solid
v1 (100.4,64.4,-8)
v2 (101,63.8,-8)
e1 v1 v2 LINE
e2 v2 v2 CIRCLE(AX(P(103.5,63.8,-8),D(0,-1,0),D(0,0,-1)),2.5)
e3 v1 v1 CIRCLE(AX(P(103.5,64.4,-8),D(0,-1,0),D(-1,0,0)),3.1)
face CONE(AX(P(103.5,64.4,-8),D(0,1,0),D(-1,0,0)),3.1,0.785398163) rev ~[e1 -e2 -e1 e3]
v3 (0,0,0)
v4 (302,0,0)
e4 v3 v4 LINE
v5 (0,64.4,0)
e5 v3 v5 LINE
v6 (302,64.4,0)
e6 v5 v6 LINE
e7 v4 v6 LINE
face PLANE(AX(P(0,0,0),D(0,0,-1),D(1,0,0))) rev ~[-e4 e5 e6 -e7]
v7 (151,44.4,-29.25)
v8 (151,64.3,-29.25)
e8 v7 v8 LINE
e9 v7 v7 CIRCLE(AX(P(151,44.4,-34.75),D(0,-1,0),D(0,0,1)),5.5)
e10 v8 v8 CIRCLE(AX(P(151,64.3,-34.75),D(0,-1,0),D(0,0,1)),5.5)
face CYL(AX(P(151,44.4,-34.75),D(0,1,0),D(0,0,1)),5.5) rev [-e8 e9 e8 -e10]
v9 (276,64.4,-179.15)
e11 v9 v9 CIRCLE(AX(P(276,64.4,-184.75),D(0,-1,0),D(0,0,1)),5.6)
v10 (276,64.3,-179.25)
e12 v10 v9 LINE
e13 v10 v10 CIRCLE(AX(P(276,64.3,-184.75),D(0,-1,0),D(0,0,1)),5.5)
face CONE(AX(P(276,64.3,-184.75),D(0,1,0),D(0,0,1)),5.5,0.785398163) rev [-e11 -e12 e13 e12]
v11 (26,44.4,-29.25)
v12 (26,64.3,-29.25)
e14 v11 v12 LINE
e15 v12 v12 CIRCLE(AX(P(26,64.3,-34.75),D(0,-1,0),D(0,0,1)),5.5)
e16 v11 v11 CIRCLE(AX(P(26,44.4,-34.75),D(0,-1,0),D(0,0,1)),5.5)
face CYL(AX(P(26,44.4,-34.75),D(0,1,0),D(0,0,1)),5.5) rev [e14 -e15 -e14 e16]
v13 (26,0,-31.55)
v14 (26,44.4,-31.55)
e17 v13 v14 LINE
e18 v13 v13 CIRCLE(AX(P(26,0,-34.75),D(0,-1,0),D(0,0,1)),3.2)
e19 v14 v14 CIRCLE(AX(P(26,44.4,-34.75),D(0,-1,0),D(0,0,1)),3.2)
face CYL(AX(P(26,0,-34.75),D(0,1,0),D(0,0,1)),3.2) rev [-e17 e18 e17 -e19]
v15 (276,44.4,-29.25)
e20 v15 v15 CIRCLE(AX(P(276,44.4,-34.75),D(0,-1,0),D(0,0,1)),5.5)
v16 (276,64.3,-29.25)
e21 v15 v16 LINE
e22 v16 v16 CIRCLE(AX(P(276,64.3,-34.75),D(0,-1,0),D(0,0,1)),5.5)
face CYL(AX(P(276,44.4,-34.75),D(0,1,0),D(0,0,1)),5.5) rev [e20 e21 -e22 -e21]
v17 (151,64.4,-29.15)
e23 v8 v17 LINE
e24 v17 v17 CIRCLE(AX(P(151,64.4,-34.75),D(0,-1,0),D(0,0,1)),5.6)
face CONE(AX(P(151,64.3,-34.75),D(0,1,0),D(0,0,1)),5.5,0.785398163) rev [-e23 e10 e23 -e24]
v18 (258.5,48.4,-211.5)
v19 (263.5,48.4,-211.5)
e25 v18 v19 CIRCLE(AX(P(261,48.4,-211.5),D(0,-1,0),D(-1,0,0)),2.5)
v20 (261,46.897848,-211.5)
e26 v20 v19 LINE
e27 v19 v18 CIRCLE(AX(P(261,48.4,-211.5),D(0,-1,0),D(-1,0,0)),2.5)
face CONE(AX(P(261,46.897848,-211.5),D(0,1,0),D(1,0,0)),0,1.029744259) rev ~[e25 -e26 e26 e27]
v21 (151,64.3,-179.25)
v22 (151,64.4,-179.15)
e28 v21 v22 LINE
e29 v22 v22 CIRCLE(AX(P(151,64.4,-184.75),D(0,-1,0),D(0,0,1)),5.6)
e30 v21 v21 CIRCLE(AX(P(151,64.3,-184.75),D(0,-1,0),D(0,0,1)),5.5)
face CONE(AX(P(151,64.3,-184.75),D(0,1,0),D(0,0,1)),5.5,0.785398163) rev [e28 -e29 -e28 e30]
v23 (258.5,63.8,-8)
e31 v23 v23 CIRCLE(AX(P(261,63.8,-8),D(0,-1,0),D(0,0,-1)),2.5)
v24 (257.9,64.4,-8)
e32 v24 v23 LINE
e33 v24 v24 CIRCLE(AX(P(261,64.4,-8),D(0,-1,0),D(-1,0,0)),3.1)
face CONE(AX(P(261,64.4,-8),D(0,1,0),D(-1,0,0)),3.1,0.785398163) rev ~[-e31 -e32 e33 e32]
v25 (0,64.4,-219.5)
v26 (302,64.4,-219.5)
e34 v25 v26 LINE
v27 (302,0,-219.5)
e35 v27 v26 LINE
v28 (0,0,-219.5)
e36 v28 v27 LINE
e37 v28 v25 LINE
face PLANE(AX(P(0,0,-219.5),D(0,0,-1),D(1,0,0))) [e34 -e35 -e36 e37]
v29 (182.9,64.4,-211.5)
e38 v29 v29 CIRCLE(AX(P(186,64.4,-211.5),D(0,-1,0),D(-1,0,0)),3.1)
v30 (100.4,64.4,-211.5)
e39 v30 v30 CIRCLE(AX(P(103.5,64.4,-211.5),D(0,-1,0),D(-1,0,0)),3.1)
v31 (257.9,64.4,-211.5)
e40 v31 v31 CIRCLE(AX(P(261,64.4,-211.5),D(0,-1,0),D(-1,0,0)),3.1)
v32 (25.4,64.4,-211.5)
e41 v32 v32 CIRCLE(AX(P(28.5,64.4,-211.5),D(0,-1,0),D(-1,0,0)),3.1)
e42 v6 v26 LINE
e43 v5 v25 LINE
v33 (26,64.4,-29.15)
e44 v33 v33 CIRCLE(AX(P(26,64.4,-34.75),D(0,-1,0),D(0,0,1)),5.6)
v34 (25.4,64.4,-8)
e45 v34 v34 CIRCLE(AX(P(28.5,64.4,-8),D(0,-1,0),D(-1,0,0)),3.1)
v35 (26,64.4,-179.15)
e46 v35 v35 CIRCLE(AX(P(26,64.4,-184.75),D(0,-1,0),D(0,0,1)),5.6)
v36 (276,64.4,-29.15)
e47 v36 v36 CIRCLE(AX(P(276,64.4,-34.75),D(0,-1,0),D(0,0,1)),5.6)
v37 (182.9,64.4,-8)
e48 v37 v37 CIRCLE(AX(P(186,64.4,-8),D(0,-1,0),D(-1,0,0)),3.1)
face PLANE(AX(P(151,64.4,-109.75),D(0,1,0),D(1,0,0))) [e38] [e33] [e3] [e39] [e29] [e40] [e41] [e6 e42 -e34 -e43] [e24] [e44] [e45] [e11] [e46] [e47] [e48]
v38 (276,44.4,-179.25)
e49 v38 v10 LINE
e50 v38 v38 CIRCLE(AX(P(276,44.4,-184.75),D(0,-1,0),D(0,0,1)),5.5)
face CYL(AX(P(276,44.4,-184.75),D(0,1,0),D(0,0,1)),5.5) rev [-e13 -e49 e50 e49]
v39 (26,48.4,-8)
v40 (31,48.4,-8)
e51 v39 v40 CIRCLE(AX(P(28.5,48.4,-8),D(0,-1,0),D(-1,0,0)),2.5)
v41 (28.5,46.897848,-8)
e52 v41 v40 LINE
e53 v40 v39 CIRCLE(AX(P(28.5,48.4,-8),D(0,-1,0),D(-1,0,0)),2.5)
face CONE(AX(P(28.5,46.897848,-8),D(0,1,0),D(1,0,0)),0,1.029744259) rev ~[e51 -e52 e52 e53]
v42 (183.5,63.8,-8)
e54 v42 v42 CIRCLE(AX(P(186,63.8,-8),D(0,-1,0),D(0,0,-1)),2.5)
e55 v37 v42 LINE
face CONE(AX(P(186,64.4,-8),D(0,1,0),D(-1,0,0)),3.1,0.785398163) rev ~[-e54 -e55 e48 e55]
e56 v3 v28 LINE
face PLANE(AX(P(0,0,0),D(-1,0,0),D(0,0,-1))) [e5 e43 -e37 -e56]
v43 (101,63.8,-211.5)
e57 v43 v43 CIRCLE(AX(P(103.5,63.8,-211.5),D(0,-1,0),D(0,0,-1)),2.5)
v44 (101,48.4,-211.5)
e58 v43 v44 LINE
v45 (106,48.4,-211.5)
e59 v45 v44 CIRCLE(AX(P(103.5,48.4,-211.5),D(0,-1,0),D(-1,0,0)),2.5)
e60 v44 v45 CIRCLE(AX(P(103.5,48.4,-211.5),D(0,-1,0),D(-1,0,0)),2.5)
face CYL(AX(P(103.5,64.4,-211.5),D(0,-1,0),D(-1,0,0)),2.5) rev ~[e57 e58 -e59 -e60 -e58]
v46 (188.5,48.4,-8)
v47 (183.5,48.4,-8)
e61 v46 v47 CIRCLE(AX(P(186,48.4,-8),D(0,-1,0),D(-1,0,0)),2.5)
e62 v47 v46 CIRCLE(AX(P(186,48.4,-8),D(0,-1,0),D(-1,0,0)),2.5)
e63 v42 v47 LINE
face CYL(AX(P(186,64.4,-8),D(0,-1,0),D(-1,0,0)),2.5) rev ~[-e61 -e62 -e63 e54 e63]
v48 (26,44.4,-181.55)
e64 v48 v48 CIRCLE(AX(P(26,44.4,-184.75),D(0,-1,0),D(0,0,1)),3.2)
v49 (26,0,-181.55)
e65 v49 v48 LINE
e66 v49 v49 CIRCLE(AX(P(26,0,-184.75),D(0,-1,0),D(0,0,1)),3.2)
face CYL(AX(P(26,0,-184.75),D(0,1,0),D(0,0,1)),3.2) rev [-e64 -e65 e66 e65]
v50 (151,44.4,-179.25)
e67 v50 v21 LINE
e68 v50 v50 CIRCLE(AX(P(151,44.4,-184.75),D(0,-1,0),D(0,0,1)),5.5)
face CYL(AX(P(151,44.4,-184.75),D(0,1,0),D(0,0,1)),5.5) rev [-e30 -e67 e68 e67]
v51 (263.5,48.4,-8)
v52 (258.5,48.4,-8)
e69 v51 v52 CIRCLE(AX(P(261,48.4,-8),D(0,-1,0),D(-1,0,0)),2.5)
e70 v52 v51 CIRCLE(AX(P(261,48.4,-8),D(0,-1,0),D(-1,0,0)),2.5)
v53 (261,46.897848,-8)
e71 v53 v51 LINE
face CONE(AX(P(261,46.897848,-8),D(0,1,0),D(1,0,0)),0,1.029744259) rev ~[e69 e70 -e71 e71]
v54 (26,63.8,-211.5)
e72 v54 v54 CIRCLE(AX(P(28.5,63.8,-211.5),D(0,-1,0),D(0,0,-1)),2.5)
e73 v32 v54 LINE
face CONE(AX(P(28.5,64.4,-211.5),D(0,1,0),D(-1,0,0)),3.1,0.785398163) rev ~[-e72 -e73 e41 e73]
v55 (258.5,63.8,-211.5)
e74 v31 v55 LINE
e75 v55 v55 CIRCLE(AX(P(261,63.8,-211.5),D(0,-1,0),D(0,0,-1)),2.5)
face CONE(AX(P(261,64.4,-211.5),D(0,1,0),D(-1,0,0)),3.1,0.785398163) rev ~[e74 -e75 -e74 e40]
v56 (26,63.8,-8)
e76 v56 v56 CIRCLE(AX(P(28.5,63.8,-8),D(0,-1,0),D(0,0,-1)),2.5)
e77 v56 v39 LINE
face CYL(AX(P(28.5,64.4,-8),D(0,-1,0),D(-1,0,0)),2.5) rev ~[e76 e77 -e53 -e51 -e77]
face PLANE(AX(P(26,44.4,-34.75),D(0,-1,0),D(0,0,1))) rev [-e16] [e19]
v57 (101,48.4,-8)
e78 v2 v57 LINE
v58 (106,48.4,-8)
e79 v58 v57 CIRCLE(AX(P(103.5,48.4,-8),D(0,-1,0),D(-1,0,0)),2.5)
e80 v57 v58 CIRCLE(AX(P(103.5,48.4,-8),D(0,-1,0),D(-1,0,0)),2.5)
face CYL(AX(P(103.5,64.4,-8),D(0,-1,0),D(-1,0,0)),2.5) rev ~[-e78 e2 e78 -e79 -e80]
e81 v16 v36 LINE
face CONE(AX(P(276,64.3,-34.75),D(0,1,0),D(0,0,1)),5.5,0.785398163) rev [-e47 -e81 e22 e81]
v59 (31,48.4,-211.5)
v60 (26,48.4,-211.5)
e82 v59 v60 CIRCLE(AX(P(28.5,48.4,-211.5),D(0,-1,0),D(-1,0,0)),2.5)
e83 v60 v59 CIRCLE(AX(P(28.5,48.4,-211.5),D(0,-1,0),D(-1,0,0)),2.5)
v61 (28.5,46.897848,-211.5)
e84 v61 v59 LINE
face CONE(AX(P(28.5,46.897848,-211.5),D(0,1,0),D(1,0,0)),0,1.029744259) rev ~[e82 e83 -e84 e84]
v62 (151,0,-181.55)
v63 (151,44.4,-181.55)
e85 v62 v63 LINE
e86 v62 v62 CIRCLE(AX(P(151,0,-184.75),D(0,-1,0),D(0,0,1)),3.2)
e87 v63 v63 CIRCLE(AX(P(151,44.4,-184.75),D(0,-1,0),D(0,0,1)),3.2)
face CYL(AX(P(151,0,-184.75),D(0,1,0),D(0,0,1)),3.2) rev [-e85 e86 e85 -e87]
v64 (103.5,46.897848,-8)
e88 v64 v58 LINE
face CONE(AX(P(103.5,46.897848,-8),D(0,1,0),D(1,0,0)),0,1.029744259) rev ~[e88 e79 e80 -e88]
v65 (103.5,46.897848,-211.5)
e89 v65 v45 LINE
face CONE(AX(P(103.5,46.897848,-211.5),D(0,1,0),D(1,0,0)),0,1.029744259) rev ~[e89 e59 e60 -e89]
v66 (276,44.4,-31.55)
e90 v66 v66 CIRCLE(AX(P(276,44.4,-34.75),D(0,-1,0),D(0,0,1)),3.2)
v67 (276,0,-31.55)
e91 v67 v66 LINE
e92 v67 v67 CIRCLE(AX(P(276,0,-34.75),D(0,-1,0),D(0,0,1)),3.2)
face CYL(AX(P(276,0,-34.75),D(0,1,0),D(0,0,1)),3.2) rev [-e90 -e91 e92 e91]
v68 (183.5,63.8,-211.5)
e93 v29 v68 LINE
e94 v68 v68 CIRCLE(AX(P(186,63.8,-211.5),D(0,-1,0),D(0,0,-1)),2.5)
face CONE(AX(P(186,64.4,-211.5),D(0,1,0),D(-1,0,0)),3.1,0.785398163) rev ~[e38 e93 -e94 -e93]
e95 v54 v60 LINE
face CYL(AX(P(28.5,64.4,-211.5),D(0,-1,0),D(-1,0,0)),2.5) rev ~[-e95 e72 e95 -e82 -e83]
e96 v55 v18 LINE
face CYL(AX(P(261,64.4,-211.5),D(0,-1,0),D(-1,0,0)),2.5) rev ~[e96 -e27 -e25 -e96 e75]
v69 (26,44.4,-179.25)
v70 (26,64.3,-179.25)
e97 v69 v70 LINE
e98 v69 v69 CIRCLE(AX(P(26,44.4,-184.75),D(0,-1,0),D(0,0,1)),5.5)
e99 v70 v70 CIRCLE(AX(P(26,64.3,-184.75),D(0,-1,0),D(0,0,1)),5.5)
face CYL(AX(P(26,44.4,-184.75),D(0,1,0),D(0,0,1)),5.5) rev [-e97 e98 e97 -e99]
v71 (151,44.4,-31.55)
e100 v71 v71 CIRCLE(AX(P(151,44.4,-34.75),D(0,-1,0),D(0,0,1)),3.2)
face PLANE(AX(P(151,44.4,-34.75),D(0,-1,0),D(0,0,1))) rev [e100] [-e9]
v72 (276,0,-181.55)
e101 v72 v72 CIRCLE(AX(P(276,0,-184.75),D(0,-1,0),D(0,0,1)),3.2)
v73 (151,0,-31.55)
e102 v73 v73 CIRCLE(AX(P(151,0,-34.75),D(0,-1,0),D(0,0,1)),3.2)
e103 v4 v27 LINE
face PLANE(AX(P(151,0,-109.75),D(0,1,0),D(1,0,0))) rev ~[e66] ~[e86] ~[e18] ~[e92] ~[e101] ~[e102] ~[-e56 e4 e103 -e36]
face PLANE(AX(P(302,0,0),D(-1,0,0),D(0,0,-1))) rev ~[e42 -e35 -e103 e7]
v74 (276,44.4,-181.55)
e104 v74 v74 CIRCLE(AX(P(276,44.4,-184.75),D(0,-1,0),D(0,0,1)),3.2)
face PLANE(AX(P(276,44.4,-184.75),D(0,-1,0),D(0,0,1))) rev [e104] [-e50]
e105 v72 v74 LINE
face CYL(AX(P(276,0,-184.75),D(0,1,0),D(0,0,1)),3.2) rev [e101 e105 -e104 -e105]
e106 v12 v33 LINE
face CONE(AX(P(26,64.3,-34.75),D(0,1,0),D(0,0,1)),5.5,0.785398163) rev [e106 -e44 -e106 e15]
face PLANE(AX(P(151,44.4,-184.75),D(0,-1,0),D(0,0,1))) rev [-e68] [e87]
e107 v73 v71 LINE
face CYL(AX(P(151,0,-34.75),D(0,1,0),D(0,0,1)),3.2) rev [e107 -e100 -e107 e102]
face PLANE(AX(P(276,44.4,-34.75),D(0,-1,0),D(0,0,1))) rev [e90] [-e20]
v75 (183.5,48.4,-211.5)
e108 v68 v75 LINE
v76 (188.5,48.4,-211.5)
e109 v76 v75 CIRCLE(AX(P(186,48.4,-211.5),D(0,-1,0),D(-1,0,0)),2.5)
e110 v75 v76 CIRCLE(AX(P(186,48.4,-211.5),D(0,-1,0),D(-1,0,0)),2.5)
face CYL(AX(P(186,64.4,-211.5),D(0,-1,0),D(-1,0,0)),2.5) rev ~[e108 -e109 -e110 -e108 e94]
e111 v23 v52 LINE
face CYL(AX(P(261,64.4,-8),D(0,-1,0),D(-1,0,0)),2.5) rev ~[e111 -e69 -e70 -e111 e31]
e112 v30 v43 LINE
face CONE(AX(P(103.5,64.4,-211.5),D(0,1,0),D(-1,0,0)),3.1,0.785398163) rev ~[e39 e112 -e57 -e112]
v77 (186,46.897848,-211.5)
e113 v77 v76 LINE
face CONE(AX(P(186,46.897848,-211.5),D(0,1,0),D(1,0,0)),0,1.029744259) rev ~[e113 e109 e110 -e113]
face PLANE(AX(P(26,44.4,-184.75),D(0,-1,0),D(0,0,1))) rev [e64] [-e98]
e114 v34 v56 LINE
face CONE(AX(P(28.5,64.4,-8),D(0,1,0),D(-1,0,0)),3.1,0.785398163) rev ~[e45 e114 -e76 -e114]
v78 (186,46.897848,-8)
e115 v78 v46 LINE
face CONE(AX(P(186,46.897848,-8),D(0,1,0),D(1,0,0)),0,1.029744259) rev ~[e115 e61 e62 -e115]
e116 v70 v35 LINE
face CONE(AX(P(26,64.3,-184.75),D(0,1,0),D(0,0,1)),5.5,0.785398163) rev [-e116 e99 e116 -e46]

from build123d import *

# Parameters (mm, degrees)
SKETCH1_W                       = 302
SKETCH1_H                       = 219.5
BOSS_EXTRUDE1_DEPTH             = 64.4
M6X1_0_TAPPED_HOLE1_D           = 5
M6X1_0_TAPPED_HOLE1_DEPTH       = 16
M6X1_0_TAPPED_HOLE1_CSINK_D     = 6.2
M6X1_0_TAPPED_HOLE1_CSINK_ANGLE = 90
M6X1_0_TAPPED_HOLE1_TIP         = 1.502151548
CBORE_FOR_M6_SHCS1_AT_2_COUNT   = 2
CBORE_FOR_M6_SHCS1_AT_2_PITCH   = 150
CBORE_FOR_M6_SHCS1_AT_3_COUNT   = 2
CBORE_FOR_M6_SHCS1_AT_3_PITCH   = 195.256241898
CBORE_FOR_M6_SHCS1_AT_4_COUNT   = 2
CBORE_FOR_M6_SHCS1_AT_4_PITCH   = 125
CBORE_FOR_M6_SHCS1_AT_5_COUNT   = 2
CBORE_FOR_M6_SHCS1_AT_5_PITCH   = 250
CBORE_FOR_M6_SHCS1_AT_6_COUNT   = 2
CBORE_FOR_M6_SHCS1_AT_6_PITCH   = 291.547594742


with BuildPart() as part:
    # Sketch1 → Boss-Extrude1 (new body)
    with BuildSketch(Plane(origin=(0, 0, 0), x_dir=(1, 0, 0), z_dir=(0, 1, 0))):
        with Locations((151, 109.75)):
            Rectangle(SKETCH1_W, SKETCH1_H)
    extrude(amount=BOSS_EXTRUDE1_DEPTH)

    # M6x1.0 Tapped Hole1
    with Locations(Plane(origin=(0, 64.4, 0), x_dir=(1, 0, 0), z_dir=(0, 1, 0))):
        with Locations((28.5, 8), (103.5, 8), (186, 8), (261, 8), (261, 211.5), (186, 211.5), (103.5, 211.5), (28.5, 211.5)):
            CounterSinkHole(M6X1_0_TAPPED_HOLE1_D / 2, M6X1_0_TAPPED_HOLE1_CSINK_D / 2, depth=M6X1_0_TAPPED_HOLE1_DEPTH, counter_sink_angle=M6X1_0_TAPPED_HOLE1_CSINK_ANGLE)
            with Locations((0, 0, -(M6X1_0_TAPPED_HOLE1_DEPTH + M6X1_0_TAPPED_HOLE1_TIP / 2))):  # 118° drill point
                Cone(0, M6X1_0_TAPPED_HOLE1_D / 2, M6X1_0_TAPPED_HOLE1_TIP, mode=Mode.SUBTRACT)

    # Sketch5 → CBORE for M6 SHCS1 (revolve, cut)
    with BuildSketch(Plane(origin=(26, 64.4, -34.75), x_dir=(0, 0, 1), z_dir=(1, 0, 0))):
        Polygon((0, 0), (0, 64.4), (3.2, 64.4), (3.2, 20), (5.5, 20), (5.5, 0.1), (5.6, 0), align=None)
    cbore_for_m6_shcs1 = revolve(axis=Axis((26, 70.75, -34.75), (0, -1, 0)), mode=Mode.SUBTRACT)

    # CBORE for M6 SHCS1 at 2: CBORE for M6 SHCS1 ×2
    with Locations(*[(0, 0, -i * CBORE_FOR_M6_SHCS1_AT_2_PITCH) for i in range(1, CBORE_FOR_M6_SHCS1_AT_2_COUNT)]):
        add(cbore_for_m6_shcs1, mode=Mode.SUBTRACT)

    # CBORE for M6 SHCS1 at 3: CBORE for M6 SHCS1 ×2
    with Locations(*[Vector(0.6401844, 0, -0.76822128) * (i * CBORE_FOR_M6_SHCS1_AT_3_PITCH) for i in range(1, CBORE_FOR_M6_SHCS1_AT_3_COUNT)]):
        add(cbore_for_m6_shcs1, mode=Mode.SUBTRACT)

    # CBORE for M6 SHCS1 at 4: CBORE for M6 SHCS1 ×2
    with Locations(*[(i * CBORE_FOR_M6_SHCS1_AT_4_PITCH, 0, 0) for i in range(1, CBORE_FOR_M6_SHCS1_AT_4_COUNT)]):
        add(cbore_for_m6_shcs1, mode=Mode.SUBTRACT)

    # CBORE for M6 SHCS1 at 5: CBORE for M6 SHCS1 ×2
    with Locations(*[(i * CBORE_FOR_M6_SHCS1_AT_5_PITCH, 0, 0) for i in range(1, CBORE_FOR_M6_SHCS1_AT_5_COUNT)]):
        add(cbore_for_m6_shcs1, mode=Mode.SUBTRACT)

    # CBORE for M6 SHCS1 at 6: CBORE for M6 SHCS1 ×2
    with Locations(*[Vector(0.857492926, 0, -0.514495755) * (i * CBORE_FOR_M6_SHCS1_AT_6_PITCH) for i in range(1, CBORE_FOR_M6_SHCS1_AT_6_COUNT)]):
        add(cbore_for_m6_shcs1, mode=Mode.SUBTRACT)


solid = part.part
